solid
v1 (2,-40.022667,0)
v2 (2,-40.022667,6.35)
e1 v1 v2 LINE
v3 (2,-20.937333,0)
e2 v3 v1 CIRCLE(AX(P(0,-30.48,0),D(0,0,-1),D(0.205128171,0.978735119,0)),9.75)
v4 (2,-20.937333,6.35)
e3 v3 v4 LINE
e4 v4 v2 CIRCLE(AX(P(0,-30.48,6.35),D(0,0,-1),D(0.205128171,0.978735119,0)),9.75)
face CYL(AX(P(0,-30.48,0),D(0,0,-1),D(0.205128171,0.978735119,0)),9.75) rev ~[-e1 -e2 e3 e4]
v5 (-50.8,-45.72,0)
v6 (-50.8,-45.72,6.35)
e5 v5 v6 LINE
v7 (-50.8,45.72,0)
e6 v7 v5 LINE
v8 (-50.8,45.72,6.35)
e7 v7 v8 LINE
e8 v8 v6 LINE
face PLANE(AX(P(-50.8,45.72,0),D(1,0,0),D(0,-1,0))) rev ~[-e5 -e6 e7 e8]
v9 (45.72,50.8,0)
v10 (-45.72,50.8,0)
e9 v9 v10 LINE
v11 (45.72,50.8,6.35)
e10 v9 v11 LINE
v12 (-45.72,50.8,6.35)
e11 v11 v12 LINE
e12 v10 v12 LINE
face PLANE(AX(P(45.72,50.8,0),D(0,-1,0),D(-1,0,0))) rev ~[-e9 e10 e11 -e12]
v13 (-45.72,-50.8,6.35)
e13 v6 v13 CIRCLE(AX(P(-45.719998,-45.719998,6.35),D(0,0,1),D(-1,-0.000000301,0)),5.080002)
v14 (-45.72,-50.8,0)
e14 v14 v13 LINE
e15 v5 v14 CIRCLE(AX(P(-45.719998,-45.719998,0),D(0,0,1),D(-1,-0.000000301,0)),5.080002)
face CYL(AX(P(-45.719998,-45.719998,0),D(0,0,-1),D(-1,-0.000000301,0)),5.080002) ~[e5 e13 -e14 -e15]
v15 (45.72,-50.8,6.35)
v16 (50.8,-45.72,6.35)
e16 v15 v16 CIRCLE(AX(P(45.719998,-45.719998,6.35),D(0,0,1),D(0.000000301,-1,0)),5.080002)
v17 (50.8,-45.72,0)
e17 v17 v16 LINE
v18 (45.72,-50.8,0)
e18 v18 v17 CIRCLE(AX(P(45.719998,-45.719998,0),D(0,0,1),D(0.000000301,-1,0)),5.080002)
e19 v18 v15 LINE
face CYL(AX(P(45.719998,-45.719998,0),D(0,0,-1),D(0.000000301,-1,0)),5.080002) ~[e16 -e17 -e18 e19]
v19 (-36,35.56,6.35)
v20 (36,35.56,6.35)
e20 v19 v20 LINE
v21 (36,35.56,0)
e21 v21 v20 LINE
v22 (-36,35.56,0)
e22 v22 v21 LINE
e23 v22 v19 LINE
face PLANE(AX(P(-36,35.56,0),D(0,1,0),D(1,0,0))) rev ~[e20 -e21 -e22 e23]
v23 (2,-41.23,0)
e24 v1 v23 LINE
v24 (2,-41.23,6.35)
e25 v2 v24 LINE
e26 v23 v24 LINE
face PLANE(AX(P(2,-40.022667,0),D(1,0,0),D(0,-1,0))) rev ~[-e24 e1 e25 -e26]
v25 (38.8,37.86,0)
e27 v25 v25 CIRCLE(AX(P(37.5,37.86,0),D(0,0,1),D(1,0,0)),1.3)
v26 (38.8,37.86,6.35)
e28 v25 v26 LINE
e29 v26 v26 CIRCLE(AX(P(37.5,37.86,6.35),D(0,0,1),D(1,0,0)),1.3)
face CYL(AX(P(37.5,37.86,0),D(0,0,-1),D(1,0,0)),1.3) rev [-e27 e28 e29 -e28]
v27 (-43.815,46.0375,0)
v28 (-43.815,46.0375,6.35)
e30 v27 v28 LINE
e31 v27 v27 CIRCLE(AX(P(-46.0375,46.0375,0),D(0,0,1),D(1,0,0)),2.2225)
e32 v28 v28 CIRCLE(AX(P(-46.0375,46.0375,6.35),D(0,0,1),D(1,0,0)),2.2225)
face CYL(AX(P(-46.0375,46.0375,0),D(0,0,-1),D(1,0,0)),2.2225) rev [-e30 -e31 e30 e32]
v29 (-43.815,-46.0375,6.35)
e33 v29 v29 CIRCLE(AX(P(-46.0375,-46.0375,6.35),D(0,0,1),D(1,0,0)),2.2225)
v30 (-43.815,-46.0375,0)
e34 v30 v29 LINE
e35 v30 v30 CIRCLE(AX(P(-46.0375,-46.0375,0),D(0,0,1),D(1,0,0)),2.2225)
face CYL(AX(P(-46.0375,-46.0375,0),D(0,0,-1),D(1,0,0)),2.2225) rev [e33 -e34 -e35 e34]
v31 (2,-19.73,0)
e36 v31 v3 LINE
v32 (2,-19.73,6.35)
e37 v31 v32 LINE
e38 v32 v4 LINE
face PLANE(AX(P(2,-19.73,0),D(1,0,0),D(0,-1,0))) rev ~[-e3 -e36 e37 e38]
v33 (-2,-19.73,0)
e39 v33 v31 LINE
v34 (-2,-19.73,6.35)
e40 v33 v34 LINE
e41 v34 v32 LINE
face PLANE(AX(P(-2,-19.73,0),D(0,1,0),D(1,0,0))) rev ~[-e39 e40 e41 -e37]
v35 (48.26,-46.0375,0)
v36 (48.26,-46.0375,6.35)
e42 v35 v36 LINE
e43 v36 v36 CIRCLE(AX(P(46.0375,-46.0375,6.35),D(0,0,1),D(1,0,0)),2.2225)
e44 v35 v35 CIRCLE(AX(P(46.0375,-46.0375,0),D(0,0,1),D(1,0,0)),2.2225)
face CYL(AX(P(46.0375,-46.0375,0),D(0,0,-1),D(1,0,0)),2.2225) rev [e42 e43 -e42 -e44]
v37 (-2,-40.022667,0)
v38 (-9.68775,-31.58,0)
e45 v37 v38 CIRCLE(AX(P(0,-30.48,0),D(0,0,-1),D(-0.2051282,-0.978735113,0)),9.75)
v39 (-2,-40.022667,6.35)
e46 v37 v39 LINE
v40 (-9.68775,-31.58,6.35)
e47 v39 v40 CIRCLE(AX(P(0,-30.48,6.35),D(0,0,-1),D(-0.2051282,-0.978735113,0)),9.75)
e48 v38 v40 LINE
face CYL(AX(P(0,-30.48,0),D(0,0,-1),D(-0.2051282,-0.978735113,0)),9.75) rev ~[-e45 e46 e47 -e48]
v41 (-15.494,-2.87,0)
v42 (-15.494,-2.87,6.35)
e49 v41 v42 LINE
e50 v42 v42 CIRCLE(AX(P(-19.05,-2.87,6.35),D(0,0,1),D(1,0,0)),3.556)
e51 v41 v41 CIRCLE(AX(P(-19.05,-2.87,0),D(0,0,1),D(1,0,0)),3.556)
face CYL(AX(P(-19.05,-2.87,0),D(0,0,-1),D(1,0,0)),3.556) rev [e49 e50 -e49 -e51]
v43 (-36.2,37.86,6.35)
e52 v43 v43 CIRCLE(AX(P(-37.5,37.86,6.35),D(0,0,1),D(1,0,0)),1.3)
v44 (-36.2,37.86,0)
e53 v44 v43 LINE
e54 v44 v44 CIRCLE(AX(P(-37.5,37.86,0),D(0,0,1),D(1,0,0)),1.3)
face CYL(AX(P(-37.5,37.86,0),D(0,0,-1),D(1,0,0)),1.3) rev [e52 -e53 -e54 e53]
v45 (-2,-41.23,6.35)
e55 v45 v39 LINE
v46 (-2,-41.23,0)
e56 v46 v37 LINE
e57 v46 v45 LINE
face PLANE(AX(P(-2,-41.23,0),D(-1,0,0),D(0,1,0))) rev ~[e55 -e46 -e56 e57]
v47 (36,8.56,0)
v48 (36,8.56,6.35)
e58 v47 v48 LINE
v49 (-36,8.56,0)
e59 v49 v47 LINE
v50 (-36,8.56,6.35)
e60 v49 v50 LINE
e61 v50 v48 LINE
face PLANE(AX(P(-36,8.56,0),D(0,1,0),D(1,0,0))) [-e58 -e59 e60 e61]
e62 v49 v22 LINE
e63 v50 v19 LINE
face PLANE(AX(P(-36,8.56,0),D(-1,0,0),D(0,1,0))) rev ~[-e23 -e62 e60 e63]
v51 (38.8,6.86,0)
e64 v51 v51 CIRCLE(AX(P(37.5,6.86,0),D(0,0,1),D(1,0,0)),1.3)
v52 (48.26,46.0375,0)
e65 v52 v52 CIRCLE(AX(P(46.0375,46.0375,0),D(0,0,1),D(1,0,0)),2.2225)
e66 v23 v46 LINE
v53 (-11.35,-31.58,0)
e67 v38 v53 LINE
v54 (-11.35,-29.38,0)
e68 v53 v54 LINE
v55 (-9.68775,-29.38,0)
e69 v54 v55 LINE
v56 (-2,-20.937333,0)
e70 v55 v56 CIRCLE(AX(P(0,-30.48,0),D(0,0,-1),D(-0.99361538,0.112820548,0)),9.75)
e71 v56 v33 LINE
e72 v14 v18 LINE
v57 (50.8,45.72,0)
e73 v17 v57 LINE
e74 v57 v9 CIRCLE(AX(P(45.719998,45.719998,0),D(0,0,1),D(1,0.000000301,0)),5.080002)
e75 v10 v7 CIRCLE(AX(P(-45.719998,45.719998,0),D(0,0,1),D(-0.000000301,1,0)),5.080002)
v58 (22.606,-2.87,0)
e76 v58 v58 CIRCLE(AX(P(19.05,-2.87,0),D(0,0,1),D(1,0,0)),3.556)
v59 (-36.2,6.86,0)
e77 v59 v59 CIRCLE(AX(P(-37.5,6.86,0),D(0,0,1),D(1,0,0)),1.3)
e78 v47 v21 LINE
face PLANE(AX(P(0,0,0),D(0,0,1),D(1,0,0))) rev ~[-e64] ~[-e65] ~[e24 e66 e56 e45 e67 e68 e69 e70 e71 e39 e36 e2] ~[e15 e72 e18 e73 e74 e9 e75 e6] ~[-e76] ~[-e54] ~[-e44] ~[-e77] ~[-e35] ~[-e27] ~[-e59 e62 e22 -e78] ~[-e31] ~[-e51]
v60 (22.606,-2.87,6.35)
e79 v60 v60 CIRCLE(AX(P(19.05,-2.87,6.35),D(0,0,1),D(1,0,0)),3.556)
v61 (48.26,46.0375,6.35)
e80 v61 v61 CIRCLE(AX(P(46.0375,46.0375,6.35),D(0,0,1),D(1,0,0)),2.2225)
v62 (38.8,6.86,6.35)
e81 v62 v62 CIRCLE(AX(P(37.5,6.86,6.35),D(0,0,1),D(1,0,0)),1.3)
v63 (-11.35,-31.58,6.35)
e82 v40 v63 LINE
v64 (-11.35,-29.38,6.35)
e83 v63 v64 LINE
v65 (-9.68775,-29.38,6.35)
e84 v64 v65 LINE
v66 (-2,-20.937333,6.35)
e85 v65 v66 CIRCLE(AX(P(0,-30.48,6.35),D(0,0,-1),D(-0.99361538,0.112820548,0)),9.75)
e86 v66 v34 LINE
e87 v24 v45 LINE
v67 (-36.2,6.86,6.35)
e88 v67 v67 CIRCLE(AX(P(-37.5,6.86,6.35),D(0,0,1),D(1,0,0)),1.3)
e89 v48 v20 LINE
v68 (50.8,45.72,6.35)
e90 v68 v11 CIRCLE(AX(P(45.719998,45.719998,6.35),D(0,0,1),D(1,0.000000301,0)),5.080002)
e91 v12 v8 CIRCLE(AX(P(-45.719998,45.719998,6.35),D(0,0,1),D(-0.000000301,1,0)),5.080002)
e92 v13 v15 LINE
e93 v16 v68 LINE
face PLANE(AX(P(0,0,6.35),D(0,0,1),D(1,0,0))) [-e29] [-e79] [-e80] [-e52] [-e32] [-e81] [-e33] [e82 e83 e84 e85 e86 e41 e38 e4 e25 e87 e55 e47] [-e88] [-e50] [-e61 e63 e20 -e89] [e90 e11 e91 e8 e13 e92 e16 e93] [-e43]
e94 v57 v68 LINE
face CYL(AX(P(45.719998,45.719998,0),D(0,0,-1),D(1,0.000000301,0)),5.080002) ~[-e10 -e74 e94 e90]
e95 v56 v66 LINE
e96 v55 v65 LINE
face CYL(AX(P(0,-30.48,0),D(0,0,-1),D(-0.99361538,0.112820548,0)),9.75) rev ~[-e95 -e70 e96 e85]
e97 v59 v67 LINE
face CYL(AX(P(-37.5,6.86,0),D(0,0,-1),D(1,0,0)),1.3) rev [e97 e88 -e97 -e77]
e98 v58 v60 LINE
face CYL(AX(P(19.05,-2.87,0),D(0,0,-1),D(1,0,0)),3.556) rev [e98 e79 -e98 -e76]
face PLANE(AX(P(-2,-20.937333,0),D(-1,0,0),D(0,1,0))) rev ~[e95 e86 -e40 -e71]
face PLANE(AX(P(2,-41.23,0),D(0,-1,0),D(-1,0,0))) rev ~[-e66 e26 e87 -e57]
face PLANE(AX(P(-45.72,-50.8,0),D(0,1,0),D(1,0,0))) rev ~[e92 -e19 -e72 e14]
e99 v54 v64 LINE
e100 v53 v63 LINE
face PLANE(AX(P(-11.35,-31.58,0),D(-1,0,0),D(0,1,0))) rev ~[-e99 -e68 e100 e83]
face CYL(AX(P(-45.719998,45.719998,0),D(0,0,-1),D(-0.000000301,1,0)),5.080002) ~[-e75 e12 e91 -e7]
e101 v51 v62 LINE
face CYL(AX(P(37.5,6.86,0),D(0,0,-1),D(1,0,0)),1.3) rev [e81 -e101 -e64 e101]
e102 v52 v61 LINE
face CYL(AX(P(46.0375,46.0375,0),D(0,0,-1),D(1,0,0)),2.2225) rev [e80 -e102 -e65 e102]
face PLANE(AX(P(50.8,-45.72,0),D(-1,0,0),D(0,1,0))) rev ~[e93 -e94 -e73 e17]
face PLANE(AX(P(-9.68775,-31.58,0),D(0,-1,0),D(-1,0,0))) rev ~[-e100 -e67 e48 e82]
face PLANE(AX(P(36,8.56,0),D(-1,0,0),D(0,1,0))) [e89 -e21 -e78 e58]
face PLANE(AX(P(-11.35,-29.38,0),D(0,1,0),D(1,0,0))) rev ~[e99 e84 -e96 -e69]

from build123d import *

# Parameters (mm, degrees)
F0_R     = 2.2225
F0_R_2   = 3.556
F0_R_3   = 1.3
F0_W     = 72
F0_H     = 27
F1_DEPTH = 6.35


with BuildPart() as f1:
    # F0 (on Top) → F1 (new body)
    with BuildSketch(Plane.XY):
        with BuildLine():
            Line((45.72, 50.8), (-45.72, 50.8))
            ThreePointArc((-45.72, 50.8), (-49.312102, 49.312102), (-50.8, 45.72))
            Line((-50.8, 45.72), (-50.8, -45.72))
            ThreePointArc((-50.8, -45.72), (-49.312102, -49.312102), (-45.72, -50.8))
            Line((-45.72, -50.8), (45.72, -50.8))
            ThreePointArc((45.72, -50.8), (49.312102, -49.312102), (50.8, -45.72))
            Line((50.8, -45.72), (50.8, 45.72))
            ThreePointArc((50.8, 45.72), (49.312102, 49.312102), (45.72, 50.8))
        make_face()
        with Locations((-46.0375, -46.0375)):
            Circle(F0_R, mode=Mode.SUBTRACT)
        with BuildLine():
            ThreePointArc((-2, -40.022667), (-7.209059, -37.044447), (-9.68775, -31.58))
            Line((-9.68775, -31.58), (-11.35, -31.58))
            Line((-11.35, -31.58), (-11.35, -30.48))
            Line((-11.35, -30.48), (-11.35, -29.38))
            Line((-11.35, -29.38), (-9.68775, -29.38))
            ThreePointArc((-9.68775, -29.38), (-7.209059, -23.915553), (-2, -20.937333))
            Line((-2, -20.937333), (-2, -19.73))
            Line((-2, -19.73), (2, -19.73))
            Line((2, -19.73), (2, -20.937333))
            ThreePointArc((2, -20.937333), (9.75, -30.48), (2, -40.022667))
            Line((2, -40.022667), (2, -41.23))
            Line((2, -41.23), (-2, -41.23))
            Line((-2, -41.23), (-2, -40.022667))
        make_face(mode=Mode.SUBTRACT)
        with Locations((-19.05, -2.87)):
            Circle(F0_R_2, mode=Mode.SUBTRACT)
        with Locations((46.0375, -46.0375)):
            Circle(F0_R, mode=Mode.SUBTRACT)
        with Locations((19.05, -2.87)):
            Circle(F0_R_2, mode=Mode.SUBTRACT)
        with Locations((-37.5, 6.86)):
            Circle(F0_R_3, mode=Mode.SUBTRACT)
        with Locations((0, 22.06)):
            Rectangle(F0_W, F0_H, mode=Mode.SUBTRACT)
        with Locations((-37.5, 37.86)):
            Circle(F0_R_3, mode=Mode.SUBTRACT)
        with Locations((-46.0375, 46.0375)):
            Circle(F0_R, mode=Mode.SUBTRACT)
        with Locations((37.5, 6.86)):
            Circle(F0_R_3, mode=Mode.SUBTRACT)
        with Locations((37.5, 37.86)):
            Circle(F0_R_3, mode=Mode.SUBTRACT)
        with Locations((46.0375, 46.0375)):
            Circle(F0_R, mode=Mode.SUBTRACT)
    extrude(amount=F1_DEPTH)


solid = f1.part
